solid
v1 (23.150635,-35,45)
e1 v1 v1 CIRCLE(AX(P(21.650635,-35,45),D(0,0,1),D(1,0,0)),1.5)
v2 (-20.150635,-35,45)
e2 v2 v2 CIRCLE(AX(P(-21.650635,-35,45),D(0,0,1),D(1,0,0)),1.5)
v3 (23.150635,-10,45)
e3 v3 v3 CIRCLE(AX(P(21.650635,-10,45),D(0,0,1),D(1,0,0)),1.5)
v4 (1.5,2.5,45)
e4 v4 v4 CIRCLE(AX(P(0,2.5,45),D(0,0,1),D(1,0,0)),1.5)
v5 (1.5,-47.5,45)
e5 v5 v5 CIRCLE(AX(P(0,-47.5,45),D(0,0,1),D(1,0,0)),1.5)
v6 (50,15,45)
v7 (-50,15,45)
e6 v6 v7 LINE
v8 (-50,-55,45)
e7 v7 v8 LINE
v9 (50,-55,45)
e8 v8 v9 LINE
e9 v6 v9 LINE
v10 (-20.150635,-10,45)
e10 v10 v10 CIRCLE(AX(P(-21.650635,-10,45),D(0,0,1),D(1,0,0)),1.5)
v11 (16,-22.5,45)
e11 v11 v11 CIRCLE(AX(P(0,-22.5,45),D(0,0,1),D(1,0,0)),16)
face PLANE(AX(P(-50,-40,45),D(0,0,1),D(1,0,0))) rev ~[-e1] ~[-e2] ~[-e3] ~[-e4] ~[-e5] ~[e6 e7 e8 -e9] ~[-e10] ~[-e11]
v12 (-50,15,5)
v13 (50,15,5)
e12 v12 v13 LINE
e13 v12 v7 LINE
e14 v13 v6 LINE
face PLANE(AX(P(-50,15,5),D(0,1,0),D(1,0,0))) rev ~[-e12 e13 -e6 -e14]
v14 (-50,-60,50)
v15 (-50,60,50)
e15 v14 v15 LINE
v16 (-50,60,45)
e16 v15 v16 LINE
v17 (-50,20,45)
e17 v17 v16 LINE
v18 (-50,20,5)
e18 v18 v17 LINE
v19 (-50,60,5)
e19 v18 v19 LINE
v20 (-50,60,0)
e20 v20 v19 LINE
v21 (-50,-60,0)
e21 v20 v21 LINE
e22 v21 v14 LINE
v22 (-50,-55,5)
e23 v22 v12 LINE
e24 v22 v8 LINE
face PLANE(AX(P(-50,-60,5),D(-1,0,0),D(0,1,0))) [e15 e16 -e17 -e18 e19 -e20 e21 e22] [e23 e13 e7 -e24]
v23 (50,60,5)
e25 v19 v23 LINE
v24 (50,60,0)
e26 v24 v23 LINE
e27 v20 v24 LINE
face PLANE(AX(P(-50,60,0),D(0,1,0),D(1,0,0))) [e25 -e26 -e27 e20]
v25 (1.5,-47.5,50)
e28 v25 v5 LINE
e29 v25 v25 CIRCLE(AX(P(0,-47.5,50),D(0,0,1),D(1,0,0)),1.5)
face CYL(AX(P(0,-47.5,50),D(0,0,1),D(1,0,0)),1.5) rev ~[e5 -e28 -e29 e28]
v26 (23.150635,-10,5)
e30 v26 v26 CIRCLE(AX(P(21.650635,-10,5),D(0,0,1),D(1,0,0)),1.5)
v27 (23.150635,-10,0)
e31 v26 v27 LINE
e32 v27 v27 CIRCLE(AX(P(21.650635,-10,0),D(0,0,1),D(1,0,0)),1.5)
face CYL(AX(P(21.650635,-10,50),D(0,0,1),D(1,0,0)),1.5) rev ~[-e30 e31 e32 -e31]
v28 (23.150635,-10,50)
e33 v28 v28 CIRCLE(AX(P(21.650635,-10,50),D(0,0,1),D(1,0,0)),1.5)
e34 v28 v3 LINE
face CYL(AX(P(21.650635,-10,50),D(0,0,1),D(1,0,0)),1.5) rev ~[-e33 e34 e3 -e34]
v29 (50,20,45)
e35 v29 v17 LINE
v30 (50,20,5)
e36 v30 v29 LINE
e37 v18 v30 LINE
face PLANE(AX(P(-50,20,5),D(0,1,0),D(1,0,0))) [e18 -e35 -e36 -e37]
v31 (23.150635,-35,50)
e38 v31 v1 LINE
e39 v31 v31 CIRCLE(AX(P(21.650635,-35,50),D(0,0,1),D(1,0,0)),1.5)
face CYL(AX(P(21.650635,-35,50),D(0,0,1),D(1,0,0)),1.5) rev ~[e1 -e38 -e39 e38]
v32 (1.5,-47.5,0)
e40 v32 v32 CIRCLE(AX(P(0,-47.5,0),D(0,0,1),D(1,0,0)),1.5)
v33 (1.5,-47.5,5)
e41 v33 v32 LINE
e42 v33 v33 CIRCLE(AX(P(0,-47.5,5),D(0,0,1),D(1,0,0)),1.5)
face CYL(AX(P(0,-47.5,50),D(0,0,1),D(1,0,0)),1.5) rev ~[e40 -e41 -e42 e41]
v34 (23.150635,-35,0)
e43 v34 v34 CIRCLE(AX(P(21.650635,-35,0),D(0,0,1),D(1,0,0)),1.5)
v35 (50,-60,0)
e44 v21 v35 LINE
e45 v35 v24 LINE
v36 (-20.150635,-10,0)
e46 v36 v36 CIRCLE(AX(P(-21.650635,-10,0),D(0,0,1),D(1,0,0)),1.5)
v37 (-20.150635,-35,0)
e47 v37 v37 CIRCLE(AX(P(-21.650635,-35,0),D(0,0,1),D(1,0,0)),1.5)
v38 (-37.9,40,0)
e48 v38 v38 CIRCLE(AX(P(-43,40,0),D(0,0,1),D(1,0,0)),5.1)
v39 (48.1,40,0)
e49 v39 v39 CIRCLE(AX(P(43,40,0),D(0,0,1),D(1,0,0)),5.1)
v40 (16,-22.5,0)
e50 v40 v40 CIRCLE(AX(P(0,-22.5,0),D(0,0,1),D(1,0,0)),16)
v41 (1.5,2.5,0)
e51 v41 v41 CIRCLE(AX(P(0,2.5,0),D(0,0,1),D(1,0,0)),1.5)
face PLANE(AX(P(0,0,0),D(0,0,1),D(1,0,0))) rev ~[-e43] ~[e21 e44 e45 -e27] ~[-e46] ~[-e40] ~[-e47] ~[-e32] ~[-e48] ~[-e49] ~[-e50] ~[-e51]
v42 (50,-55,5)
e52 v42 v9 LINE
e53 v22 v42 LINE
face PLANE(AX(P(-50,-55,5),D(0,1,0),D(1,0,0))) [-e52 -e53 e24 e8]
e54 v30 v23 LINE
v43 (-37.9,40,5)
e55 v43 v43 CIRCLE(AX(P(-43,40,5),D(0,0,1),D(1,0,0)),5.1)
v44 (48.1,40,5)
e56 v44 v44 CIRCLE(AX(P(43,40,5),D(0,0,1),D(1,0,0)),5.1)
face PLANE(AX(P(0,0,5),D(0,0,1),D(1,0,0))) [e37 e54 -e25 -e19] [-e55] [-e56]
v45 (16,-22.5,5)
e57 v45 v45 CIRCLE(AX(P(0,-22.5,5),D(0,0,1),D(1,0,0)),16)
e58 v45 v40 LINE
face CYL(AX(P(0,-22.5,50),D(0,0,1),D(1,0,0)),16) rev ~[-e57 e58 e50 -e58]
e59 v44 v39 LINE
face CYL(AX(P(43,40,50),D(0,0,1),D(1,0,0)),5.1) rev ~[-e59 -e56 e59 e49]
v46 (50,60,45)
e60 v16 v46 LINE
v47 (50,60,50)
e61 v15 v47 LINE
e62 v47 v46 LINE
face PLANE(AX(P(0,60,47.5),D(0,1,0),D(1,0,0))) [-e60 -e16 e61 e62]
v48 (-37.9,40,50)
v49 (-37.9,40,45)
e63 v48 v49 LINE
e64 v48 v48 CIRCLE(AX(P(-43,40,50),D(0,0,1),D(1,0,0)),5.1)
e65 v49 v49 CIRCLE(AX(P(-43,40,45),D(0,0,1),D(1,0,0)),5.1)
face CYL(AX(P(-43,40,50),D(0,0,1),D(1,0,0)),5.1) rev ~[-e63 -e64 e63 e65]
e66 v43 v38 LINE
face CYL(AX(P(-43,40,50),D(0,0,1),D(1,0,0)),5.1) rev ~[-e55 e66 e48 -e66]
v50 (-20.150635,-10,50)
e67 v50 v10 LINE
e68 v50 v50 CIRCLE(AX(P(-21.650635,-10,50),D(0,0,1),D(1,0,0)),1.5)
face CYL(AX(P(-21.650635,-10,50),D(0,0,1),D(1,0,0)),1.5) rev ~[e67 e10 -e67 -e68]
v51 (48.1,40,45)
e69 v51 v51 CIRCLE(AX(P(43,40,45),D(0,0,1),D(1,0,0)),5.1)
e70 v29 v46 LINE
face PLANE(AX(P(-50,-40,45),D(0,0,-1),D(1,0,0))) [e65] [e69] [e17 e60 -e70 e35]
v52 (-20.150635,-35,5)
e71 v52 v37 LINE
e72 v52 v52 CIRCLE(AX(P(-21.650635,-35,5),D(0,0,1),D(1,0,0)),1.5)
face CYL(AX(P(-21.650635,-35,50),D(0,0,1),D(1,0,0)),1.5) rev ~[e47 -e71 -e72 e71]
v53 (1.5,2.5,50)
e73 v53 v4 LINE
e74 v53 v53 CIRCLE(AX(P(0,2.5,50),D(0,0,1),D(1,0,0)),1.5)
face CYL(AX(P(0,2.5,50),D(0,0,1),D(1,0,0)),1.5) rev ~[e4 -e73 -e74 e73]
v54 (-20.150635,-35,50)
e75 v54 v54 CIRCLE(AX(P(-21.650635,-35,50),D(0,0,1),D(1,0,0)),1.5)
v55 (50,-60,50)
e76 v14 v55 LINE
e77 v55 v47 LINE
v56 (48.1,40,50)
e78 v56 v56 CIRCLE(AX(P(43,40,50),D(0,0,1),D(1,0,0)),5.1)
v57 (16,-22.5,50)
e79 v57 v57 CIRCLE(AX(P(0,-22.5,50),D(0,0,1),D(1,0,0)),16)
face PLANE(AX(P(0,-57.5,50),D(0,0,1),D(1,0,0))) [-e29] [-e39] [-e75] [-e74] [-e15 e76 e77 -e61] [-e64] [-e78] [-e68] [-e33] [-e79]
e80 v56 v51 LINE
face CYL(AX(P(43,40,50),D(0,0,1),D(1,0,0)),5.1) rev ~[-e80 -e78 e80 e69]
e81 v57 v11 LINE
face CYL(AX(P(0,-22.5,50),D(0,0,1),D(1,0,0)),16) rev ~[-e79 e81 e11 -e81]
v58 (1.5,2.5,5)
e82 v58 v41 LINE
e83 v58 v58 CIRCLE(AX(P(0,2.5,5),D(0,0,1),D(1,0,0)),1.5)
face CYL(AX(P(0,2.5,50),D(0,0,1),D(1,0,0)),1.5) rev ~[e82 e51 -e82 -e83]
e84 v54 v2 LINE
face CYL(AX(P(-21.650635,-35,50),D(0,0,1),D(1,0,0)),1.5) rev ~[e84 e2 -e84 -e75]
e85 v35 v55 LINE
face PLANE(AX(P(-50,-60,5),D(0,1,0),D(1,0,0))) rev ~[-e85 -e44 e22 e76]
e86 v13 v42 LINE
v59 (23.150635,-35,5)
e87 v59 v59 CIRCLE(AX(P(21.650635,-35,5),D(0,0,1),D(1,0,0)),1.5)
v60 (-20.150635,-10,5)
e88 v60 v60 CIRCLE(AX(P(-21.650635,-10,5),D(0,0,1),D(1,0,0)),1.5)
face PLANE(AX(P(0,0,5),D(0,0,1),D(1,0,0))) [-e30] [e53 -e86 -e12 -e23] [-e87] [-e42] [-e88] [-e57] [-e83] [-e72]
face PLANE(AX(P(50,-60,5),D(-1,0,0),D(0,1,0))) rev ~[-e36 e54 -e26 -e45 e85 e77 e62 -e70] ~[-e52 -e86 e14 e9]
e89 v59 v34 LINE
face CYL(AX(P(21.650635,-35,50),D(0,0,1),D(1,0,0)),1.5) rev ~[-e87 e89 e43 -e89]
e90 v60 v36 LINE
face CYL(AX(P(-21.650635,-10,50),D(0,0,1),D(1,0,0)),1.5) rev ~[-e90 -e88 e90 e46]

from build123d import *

# Parameters (mm, degrees)
SKETCH1_W                = 100
SKETCH1_H                = 120
BOSS_EXTRUDE1_DEPTH      = 5
SKETCH2_W                = 100
SKETCH2_H                = 5
BOSS_EXTRUDE2_DEPTH      = 45
BOSS_EXTRUDE3_DEPTH      = 40
BOSS_EXTRUDE3_DEPTH_BACK = 60
SKETCH3_W                = 100
SKETCH3_H                = 5
SKETCH6_W                = 100
SKETCH6_H                = 5
BOSS_EXTRUDE4_DEPTH      = 15
SKETCH7_W                = 100
SKETCH7_H                = 5
BOSS_EXTRUDE5_DEPTH      = 45
SKETCH8_R                = 16
SKETCH8_R_2              = 1.5
CUT_EXTRUDE1_DEPTH       = 93.736184955
SKETCH10_R               = 5.1
CUT_EXTRUDE2_DEPTH       = 93.736184955


with BuildPart() as part:
    # Sketch1 → Boss-Extrude1 (new body)
    with BuildSketch(Plane.XY):
        Rectangle(SKETCH1_W, SKETCH1_H)
    extrude(amount=BOSS_EXTRUDE1_DEPTH)

    # Sketch2 → Boss-Extrude2 (add)
    with BuildSketch(Plane.XY.offset(5)):
        with Locations((0, 17.5)):
            Rectangle(SKETCH2_W, SKETCH2_H)
    extrude(amount=BOSS_EXTRUDE2_DEPTH)

    # Sketch3 → Boss-Extrude3 (add, two sides: drawn at the far end of the back side and taken through both)
    with BuildSketch(Plane(origin=(0, 20, 0), x_dir=(1, 0, 0), z_dir=(0, 1, 0)).offset(-BOSS_EXTRUDE3_DEPTH_BACK)):
        with Locations((0, -47.5)):
            Rectangle(SKETCH3_W, SKETCH3_H)
    extrude(amount=BOSS_EXTRUDE3_DEPTH + BOSS_EXTRUDE3_DEPTH_BACK)

    # Sketch6 → Boss-Extrude4 (add)
    with BuildSketch(Plane.XZ.offset(40)):
        with Locations((0, 47.5)):
            Rectangle(SKETCH6_W, SKETCH6_H)
        with Locations((0, 2.5)):
            Rectangle(SKETCH6_W, SKETCH6_H)
    extrude(amount=BOSS_EXTRUDE4_DEPTH)

    # Sketch7 → Boss-Extrude5 (add)
    with BuildSketch(Plane.XY.offset(5)):
        with Locations((0, -57.5)):
            Rectangle(SKETCH7_W, SKETCH7_H)
    extrude(amount=BOSS_EXTRUDE5_DEPTH)

    # Sketch8 → Cut-Extrude1 (cut, through all)
    with BuildSketch(Plane.XY.offset(50)):
        with Locations((0, -22.5)):
            Circle(SKETCH8_R)
        with Locations((0, 2.5)):
            Circle(SKETCH8_R_2)
        with Locations((21.650635095, -10)):
            Circle(SKETCH8_R_2)
        with Locations((21.650635095, -35)):
            Circle(SKETCH8_R_2)
        with Locations((0, -47.5)):
            Circle(SKETCH8_R_2)
        with Locations((-21.650635095, -35)):
            Circle(SKETCH8_R_2)
        with Locations((-21.650635095, -10)):
            Circle(SKETCH8_R_2)
    extrude(amount=-CUT_EXTRUDE1_DEPTH, mode=Mode.SUBTRACT)

    # Sketch10 → Cut-Extrude2 (cut, through all)
    with BuildSketch(Plane.XY.offset(50)):
        with Locations((-43, 40)):
            Circle(SKETCH10_R)
        with Locations((43, 40)):
            Circle(SKETCH10_R)
    extrude(amount=-CUT_EXTRUDE2_DEPTH, mode=Mode.SUBTRACT)


solid = part.part
